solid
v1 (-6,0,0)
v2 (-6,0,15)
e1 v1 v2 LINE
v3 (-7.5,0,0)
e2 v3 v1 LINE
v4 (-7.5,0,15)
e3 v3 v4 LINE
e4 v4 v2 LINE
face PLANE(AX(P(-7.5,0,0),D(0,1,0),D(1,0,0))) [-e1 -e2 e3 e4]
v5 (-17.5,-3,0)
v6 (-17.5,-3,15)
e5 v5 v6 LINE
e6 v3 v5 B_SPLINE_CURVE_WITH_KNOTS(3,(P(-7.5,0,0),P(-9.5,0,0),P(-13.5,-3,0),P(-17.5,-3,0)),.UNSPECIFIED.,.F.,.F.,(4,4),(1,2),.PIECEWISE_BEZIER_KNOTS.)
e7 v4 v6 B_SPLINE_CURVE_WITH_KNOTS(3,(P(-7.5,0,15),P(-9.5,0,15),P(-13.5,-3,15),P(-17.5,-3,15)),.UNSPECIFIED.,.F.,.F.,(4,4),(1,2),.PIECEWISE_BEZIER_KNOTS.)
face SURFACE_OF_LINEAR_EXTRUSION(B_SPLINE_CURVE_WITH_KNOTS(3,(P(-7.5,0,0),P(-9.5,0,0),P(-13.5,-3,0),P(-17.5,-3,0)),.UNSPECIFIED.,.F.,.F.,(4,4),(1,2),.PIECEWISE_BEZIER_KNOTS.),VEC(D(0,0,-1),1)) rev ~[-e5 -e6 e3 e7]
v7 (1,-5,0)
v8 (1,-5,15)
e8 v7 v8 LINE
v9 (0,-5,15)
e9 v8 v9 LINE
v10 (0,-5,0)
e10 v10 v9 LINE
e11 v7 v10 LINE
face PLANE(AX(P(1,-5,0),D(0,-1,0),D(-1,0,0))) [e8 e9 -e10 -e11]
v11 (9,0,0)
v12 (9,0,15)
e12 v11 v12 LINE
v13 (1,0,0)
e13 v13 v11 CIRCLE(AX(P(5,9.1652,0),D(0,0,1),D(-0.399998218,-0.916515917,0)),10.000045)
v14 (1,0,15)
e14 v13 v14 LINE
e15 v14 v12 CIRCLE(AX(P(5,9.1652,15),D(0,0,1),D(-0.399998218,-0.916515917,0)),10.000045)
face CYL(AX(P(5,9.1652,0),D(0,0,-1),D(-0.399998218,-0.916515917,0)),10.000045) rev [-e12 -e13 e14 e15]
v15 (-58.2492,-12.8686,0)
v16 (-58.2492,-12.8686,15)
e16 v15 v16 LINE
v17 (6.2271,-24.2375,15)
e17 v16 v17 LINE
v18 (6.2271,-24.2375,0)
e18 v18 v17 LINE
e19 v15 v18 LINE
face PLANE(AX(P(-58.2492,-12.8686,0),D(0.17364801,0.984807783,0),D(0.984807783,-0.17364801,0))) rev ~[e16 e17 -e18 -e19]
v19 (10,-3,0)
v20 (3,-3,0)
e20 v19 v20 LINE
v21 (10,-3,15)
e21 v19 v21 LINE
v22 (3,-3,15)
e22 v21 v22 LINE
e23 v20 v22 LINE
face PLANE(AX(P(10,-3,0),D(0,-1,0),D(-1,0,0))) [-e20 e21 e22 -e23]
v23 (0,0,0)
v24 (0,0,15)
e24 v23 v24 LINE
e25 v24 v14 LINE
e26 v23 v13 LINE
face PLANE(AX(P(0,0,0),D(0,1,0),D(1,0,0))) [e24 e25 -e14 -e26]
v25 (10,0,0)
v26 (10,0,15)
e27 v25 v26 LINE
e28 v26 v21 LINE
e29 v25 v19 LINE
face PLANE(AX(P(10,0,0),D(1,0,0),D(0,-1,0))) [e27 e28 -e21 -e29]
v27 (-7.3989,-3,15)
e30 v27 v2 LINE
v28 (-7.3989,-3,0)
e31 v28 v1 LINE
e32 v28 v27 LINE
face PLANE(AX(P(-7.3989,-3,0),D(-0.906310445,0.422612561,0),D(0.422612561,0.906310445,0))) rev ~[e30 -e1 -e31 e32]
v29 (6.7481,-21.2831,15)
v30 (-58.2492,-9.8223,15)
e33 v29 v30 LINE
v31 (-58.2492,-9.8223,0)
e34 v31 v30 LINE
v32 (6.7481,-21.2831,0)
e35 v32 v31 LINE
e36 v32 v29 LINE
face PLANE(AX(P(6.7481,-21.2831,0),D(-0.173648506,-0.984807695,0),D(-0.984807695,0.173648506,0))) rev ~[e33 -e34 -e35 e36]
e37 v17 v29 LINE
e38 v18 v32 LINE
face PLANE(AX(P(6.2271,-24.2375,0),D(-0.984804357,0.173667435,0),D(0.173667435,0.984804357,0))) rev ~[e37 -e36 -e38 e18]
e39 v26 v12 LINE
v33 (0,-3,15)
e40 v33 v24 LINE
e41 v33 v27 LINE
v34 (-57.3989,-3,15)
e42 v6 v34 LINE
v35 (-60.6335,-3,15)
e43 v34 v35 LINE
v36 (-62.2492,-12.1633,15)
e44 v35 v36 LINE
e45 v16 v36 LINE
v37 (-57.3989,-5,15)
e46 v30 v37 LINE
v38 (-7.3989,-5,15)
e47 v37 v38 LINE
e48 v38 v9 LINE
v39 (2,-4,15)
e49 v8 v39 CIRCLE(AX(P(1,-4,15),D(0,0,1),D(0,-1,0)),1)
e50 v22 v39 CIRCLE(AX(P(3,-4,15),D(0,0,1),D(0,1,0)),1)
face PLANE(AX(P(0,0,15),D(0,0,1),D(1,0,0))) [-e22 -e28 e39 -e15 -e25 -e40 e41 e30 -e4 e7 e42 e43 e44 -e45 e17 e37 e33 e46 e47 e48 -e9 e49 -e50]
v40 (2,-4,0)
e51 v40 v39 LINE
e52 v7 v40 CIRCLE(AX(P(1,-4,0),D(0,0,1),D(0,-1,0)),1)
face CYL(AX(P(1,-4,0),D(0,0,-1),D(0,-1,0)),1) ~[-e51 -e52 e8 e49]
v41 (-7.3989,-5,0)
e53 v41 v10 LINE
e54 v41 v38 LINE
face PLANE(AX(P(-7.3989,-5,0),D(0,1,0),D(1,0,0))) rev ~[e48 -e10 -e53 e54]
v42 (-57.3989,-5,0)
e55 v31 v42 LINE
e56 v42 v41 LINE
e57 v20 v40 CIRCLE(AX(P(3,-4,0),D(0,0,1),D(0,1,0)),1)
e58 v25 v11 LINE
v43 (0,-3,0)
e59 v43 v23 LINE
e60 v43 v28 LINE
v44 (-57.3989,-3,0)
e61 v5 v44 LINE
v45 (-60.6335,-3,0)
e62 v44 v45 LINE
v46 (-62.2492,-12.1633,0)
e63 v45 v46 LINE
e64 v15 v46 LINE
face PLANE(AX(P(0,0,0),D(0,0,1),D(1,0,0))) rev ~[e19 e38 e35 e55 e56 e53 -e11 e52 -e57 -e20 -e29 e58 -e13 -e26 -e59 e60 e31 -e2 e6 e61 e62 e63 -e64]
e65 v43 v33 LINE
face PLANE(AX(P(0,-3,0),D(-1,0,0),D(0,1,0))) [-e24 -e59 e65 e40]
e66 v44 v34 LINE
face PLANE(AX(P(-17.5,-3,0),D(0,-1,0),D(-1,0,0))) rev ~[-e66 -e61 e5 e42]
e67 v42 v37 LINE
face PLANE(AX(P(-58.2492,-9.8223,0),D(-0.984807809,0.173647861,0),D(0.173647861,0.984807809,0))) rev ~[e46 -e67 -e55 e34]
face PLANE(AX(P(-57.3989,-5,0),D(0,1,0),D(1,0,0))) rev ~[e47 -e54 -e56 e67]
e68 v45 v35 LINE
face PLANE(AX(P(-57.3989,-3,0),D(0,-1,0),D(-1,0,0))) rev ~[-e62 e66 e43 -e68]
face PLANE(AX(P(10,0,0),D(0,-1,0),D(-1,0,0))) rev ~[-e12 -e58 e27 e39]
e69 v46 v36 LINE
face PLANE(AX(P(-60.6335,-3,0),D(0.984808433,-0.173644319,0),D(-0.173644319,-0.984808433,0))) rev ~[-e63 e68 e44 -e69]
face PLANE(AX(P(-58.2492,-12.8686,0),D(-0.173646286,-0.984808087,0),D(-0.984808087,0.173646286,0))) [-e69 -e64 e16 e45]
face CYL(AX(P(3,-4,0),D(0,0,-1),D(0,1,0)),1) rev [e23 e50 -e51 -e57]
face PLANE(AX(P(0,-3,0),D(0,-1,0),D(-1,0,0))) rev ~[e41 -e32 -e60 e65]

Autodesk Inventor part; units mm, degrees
ref_plane "YZ Plane" through (0, 0, 0) normal (1, 0, 0) x (0, 1, 0)
ref_plane "XZ Plane" through (0, 0, 0) normal (0, 1, 0) x (-1, 0, 0)
ref_plane "XY Plane" through (0, 0, 0) normal (0, 0, 1) x (1, 0, 0)
sketch "Эскиз1" plane through (0, 0, 0) normal (0, 0, 1) x (1, 0, 0)
  line L0 (0, 0) -> (1, 0)
  line L1 (10, 0) -> (10, -3)
  line L2 (10, -3) -> (3, -3)
  line L3 (0, -3) -> (0, 0)
  line L4 (0, -3) -> (-7.3989, -3)
  line L5 (-7.3989, -3) -> (-7.3989, -5) construction
  line L6 (-7.3989, -5) -> (0, -5)
  line L7 (0, -5) -> (0, -3) construction
  line L8 (0, -3) -> (2, -3) construction
  line L9 (2, -4) -> (2, -4)
  line L10 (1, -5) -> (0, -5)
  line L11 (0, -5) -> (0, -3) construction
  line L12 (-7.3989, -3) -> (-6, 0)
  line L13 (-7.3989, -3) -> (-13.5, -3) construction
  line L14 (-57.3989, -3) -> (-57.3989, -5) construction
  line L15 (-57.3989, -5) -> (-7.3989, -5)
  line L16 (-7.3989, -5) -> (-7.3989, -3) construction
  arc A0 (1, -5) -> (2, -4) centre (1, -4) ccw
  arc A1 (3, -3) -> (2, -4) centre (3, -4) ccw
  line L17 (-13.5, -3) -> (-17.5, -3) construction
  line L18 (0, 0) -> (1, 0)
  line L19 (10, 0) -> (9, 0)
  arc A2 (1, 0) -> (9, 0) centre (5, 9.1652) ccw
  line L20 (-57.3989, -3) -> (-60.6335, -3)
  line L21 (-60.6335, -3) -> (-62.2492, -12.1633)
  line L22 (-62.2492, -12.8686) -> (-58.2492, -12.8686) construction
  line L23 (-58.2492, -12.8686) -> (-58.2492, -9.8223) construction
  line L24 (-58.2492, -12.8686) -> (6.2271, -24.2375)
  line L25 (6.2271, -24.2375) -> (6.7481, -21.2831)
  line L26 (6.7481, -21.2831) -> (-58.2492, -9.8223)
  line L27 (-58.2492, -9.8223) -> (-58.2492, -12.8686) construction
  line L28 (-57.3989, -5) -> (-57.3989, -3) construction
  line L29 (-58.2492, -9.8223) -> (-57.3989, -5)
  line L30 (-13.5, -3) -> (-17.5, -3) construction
  line L31 (-17.5, -3) -> (-57.3989, -3)
  line L32 (1, 0) -> (9, 0) construction
  line L33 (9, 0) -> (10, 0)
  line L34 (-58.2492, -12.8686) -> (-62.2492, -12.1633)
  line L35 (-62.2492, -12.1633) -> (-62.2492, -12.8686) construction
  line L36 (-6, 0) -> (-7.5, 0) construction
  line L37 (-7.5, 0) -> (-7.5, -3) construction
  line L38 (-7.5, 0) -> (-9.5, 0) construction
  line L39 (-7.5, 0) -> (-9.5, 0) construction
  line L40 (-9.5, 0) -> (-13.5, -3) construction
  line L41 (-13.5, -3) -> (-17.5, -3) construction
  spline S0 degree 3 poles (-7.5, 0) (-9.5, 0) (-13.5, -3) (-17.5, -3) knots 1 1 1 1 2 2 2 2
  line L42 (-7.5, 0) -> (-6, 0)
  point P0 (2, -5)
  point P1 (0, -5)
  dimension "d0" = 10
  dimension "d1" = 3
  dimension "d3" = 2
  dimension "d4" = 2
  dimension "d5" = 2
  dimension "d6" = 50
  dimension "d9" = 1
  dimension "d10" = 1
  dimension "d11" = 4
  dimension "d13" = 2
  dimension "d14" = 1
  dimension "d15" = 1
  dimension "d16" = 10
  dimension "d17" = 4
  dimension "d18" = 10
  dimension "d20" = 3
  dimension "d21" = 65.471
  dimension "d25" = 4.8967
  dimension "d26" = 66
  dimension "d27" = 90
  dimension "d28" = 100
  dimension "d29" = 65
  dimension "d30" = 6
  dimension "d31" = 3
  dimension "d32" = 1.5
  dimension "d33" = 6
  dimension "d34" = 2
extrude "Выдавливание1" add sketch "Эскиз1" along normal blind 15
properties part number "bat_lock01"
